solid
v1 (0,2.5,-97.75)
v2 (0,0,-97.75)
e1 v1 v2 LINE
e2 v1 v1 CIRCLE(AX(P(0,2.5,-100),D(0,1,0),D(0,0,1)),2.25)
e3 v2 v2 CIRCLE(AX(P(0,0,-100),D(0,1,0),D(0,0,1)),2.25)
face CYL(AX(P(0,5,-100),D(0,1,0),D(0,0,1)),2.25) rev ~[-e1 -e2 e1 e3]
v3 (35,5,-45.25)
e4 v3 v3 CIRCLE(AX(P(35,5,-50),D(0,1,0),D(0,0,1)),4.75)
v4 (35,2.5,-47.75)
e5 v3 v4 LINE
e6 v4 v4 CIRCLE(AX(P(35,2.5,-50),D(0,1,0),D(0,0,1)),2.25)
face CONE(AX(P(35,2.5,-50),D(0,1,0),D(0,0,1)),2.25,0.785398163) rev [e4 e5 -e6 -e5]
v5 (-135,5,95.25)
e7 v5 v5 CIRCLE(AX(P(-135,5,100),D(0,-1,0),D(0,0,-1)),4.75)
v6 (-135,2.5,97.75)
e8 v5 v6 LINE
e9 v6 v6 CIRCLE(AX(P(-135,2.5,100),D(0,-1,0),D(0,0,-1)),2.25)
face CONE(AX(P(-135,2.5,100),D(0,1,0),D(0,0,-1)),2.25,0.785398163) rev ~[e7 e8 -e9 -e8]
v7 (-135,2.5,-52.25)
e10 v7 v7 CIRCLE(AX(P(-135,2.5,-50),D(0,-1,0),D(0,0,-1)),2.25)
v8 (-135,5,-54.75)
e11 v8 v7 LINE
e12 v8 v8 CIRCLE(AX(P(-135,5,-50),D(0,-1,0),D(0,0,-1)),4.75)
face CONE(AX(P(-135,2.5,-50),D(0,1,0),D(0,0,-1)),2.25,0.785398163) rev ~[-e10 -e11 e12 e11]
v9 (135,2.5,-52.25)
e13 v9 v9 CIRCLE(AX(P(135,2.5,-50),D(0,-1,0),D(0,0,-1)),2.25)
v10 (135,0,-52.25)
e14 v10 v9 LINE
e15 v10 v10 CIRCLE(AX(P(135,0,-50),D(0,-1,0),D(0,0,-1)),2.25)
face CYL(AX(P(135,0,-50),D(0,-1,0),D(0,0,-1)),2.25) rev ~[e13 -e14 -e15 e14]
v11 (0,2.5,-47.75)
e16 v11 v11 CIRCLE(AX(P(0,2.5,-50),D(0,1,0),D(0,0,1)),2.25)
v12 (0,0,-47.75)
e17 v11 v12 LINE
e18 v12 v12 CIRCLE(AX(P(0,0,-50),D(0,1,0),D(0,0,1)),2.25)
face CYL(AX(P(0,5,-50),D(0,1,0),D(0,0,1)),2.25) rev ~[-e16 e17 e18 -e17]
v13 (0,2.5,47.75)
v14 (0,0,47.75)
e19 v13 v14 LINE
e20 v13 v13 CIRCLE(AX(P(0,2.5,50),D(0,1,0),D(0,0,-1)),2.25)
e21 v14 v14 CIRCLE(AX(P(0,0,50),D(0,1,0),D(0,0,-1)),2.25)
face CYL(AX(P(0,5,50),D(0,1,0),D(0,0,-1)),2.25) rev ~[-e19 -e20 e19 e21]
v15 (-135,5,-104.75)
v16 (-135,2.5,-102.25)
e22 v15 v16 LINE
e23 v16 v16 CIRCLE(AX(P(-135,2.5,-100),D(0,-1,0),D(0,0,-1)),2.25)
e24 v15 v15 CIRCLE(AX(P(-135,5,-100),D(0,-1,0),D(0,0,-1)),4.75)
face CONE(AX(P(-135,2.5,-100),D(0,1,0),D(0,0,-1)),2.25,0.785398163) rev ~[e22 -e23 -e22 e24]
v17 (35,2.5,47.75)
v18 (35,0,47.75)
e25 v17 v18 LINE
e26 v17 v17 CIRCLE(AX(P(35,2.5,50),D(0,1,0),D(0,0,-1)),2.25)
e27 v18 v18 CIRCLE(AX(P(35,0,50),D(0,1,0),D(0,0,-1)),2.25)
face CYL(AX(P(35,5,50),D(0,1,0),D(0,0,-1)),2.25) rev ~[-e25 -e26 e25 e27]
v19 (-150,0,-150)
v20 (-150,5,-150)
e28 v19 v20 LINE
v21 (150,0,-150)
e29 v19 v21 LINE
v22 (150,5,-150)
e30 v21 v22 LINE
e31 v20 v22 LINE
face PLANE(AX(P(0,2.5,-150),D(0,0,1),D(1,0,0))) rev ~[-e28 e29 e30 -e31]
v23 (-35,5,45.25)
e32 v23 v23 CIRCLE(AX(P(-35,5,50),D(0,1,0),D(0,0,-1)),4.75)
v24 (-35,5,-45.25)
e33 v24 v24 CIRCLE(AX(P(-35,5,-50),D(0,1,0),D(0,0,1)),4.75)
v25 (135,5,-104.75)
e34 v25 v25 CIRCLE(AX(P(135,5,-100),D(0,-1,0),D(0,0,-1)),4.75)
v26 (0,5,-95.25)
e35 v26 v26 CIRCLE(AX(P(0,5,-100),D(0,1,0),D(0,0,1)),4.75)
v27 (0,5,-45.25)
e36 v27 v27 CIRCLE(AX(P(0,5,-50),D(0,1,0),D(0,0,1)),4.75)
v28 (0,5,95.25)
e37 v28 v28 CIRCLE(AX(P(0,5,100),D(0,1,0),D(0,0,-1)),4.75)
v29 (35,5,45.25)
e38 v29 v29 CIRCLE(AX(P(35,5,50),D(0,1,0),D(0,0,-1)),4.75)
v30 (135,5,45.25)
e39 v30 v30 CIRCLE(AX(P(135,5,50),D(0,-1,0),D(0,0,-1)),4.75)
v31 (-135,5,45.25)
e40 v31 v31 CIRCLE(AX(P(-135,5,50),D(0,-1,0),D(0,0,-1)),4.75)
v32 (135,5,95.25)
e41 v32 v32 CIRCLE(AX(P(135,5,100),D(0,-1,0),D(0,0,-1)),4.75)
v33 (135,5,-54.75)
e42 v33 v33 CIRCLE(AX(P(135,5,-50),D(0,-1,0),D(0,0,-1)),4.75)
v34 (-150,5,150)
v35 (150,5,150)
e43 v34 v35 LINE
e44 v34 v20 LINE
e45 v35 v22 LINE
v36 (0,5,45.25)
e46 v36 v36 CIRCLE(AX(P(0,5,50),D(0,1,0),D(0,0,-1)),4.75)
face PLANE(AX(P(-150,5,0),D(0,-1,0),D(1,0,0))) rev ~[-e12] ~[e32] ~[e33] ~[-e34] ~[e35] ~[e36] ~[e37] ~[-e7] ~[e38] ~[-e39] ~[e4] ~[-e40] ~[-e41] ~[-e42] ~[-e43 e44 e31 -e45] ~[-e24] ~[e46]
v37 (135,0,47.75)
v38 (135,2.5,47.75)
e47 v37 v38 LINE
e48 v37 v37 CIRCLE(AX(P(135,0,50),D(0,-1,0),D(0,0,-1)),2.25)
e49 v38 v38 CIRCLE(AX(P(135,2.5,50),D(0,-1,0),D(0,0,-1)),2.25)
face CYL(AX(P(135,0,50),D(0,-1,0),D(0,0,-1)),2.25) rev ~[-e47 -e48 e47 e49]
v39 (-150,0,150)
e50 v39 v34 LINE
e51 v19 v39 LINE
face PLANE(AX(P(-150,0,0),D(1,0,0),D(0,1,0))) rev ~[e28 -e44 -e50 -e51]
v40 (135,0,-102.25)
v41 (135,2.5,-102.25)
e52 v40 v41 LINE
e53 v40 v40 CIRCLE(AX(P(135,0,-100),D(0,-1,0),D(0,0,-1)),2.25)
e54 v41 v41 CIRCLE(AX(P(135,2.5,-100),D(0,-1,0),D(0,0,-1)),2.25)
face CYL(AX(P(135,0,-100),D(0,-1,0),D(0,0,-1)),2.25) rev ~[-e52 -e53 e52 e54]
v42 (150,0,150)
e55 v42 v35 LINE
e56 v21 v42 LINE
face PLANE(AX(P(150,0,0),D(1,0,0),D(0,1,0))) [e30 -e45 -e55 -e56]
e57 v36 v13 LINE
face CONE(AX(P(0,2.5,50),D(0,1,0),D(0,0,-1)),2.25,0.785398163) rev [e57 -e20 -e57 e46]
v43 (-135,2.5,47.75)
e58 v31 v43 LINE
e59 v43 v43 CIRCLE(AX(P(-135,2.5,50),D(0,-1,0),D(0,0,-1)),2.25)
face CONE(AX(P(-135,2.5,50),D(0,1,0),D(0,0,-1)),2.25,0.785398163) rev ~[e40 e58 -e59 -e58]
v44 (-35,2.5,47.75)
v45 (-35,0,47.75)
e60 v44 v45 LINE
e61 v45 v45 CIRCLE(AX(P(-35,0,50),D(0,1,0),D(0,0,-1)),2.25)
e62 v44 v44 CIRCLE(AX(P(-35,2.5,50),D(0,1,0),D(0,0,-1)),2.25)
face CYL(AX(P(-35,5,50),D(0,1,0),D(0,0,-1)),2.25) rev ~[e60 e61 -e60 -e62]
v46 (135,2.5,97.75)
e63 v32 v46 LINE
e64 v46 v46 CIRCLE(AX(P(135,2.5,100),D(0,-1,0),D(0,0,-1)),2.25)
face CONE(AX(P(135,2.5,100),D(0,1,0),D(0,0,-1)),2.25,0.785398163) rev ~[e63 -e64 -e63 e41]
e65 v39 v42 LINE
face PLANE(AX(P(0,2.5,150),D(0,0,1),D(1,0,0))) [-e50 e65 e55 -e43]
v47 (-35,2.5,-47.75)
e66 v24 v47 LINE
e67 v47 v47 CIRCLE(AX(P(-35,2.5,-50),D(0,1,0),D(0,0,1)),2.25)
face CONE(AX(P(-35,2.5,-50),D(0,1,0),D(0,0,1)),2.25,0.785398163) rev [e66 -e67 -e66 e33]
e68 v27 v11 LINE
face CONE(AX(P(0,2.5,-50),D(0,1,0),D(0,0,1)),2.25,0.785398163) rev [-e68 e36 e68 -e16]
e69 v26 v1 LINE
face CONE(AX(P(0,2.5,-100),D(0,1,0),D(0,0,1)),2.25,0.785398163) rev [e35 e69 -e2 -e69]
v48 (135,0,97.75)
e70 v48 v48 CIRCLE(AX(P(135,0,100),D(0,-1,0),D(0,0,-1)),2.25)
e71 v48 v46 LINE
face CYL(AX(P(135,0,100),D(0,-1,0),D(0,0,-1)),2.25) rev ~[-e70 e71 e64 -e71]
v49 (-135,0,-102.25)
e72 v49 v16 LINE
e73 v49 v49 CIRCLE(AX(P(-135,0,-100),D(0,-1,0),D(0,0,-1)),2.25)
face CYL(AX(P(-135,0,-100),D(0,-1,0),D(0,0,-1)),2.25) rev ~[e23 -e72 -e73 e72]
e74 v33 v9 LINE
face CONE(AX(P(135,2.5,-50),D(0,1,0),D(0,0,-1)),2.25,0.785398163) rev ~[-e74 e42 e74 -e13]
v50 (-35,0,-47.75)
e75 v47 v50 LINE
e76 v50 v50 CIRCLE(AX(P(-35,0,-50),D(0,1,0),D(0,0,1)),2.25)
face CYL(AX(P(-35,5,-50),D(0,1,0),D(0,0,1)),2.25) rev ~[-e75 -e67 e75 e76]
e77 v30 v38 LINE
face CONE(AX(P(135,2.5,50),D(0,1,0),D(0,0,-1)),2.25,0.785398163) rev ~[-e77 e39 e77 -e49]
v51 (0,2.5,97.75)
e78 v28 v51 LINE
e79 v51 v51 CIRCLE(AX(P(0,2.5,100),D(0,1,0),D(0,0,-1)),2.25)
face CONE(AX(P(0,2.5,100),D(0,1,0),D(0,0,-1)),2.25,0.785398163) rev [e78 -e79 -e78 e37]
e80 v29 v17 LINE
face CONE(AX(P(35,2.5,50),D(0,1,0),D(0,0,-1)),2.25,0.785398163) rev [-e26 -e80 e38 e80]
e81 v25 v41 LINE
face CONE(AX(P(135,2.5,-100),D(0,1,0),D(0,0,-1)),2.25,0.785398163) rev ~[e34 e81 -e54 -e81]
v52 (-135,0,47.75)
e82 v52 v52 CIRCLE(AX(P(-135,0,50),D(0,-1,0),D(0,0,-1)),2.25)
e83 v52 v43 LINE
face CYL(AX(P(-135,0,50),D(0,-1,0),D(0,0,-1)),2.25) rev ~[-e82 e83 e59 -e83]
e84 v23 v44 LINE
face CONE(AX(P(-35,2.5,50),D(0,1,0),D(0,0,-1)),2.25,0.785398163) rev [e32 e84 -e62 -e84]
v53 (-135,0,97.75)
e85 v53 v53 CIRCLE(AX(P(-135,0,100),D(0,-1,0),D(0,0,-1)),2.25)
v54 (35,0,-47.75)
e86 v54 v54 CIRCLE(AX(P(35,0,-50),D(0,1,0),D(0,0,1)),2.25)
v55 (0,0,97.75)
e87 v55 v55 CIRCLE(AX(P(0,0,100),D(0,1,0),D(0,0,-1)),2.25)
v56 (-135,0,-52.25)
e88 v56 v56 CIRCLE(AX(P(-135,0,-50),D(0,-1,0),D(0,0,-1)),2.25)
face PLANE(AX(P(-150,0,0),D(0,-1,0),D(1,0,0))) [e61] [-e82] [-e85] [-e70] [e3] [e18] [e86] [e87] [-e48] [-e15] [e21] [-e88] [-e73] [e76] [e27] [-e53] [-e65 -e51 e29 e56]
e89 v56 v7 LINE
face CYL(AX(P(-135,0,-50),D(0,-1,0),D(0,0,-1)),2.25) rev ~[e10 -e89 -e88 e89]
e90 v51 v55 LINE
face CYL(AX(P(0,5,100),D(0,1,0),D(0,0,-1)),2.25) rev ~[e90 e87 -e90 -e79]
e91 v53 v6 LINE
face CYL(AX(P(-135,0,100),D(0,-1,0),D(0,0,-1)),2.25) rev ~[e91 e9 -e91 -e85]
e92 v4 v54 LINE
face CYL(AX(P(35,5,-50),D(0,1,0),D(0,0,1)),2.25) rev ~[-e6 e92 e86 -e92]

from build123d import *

# Parameters (mm, degrees)
SKETCH1_W           = 300
SKETCH1_H           = 5
BOSS_EXTRUDE1_DEPTH = 150
SKETCH2_R           = 2.25
CUT_EXTRUDE1_DEPTH  = 213.190951739
SKETCH3_R           = 2.25
CUT_EXTRUDE2_DEPTH  = 213.190951739
CHAMFER1_SIZE       = 2.5


with BuildPart() as part:
    # Sketch1 → Boss-Extrude1 (new, symmetric)
    with BuildSketch(Plane.XY):
        with Locations((0, 2.5)):
            Rectangle(SKETCH1_W, SKETCH1_H)
    extrude(amount=BOSS_EXTRUDE1_DEPTH, both=True)

    # Sketch2 → Cut-Extrude1 (cut, through all)
    with BuildSketch(Plane(origin=(0, 5, 0), x_dir=(1, 0, 0), z_dir=(0, 1, 0))):
        with Locations(Location((0, 100, 0), (0, 0, 270))):
            Circle(SKETCH2_R)
        with Locations(Location((0, 50, 0), (0, 0, 270))):
            Circle(SKETCH2_R)
        with Locations(Location((-35, 50, 0), (0, 0, 270))):
            Circle(SKETCH2_R)
        with Locations(Location((35, 50, 0), (0, 0, 270))):
            Circle(SKETCH2_R)
        with Locations(Location((0, -100, 0), (0, 0, 90))):
            Circle(SKETCH2_R)
        with Locations(Location((-35, -50, 0), (0, 0, 90))):
            Circle(SKETCH2_R)
        with Locations(Location((0, -50, 0), (0, 0, 90))):
            Circle(SKETCH2_R)
        with Locations(Location((35, -50, 0), (0, 0, 90))):
            Circle(SKETCH2_R)
    extrude(amount=-CUT_EXTRUDE1_DEPTH, mode=Mode.SUBTRACT)

    # Sketch3 → Cut-Extrude2 (cut, through all)
    with BuildSketch(Plane(origin=(0, 0, 0), x_dir=(-1, 0, 0), z_dir=(0, -1, 0))):
        with Locations(Location((-135, -100, 0), (0, 0, 90))):
            Circle(SKETCH3_R)
        with Locations(Location((-135, -50, 0), (0, 0, 90))):
            Circle(SKETCH3_R)
        with Locations(Location((-135, 50, 0), (0, 0, 90))):
            Circle(SKETCH3_R)
        with Locations(Location((-135, 100, 0), (0, 0, 90))):
            Circle(SKETCH3_R)
        with Locations(Location((135, -100, 0), (0, 0, 90))):
            Circle(SKETCH3_R)
        with Locations(Location((135, 50, 0), (0, 0, 90))):
            Circle(SKETCH3_R)
        with Locations(Location((135, 100, 0), (0, 0, 90))):
            Circle(SKETCH3_R)
        with Locations(Location((135, -50, 0), (0, 0, 90))):
            Circle(SKETCH3_R)
    extrude(amount=-CUT_EXTRUDE2_DEPTH, mode=Mode.SUBTRACT)

    # Chamfer1
    chamfer1_edges = [part.edges().sort_by_distance(p)[0] for p in [
        (0, 5, -102.25),
        (35, 5, 52.25),
        (0, 5, 52.25),
        (-35, 5, 52.25),
        (0, 5, -52.25),
        (-35, 5, -52.25),
        (35, 5, -52.25),
        (0, 5, 102.25),
        (-135, 5, 102.25),
        (135, 5, -97.75),
        (135, 5, -47.75),
        (135, 5, 52.25),
        (-135, 5, -47.75),
        (-135, 5, -97.75),
        (-135, 5, 52.25),
        (135, 5, 102.25),
    ]]
    chamfer(chamfer1_edges, length=CHAMFER1_SIZE)


solid = part.part
